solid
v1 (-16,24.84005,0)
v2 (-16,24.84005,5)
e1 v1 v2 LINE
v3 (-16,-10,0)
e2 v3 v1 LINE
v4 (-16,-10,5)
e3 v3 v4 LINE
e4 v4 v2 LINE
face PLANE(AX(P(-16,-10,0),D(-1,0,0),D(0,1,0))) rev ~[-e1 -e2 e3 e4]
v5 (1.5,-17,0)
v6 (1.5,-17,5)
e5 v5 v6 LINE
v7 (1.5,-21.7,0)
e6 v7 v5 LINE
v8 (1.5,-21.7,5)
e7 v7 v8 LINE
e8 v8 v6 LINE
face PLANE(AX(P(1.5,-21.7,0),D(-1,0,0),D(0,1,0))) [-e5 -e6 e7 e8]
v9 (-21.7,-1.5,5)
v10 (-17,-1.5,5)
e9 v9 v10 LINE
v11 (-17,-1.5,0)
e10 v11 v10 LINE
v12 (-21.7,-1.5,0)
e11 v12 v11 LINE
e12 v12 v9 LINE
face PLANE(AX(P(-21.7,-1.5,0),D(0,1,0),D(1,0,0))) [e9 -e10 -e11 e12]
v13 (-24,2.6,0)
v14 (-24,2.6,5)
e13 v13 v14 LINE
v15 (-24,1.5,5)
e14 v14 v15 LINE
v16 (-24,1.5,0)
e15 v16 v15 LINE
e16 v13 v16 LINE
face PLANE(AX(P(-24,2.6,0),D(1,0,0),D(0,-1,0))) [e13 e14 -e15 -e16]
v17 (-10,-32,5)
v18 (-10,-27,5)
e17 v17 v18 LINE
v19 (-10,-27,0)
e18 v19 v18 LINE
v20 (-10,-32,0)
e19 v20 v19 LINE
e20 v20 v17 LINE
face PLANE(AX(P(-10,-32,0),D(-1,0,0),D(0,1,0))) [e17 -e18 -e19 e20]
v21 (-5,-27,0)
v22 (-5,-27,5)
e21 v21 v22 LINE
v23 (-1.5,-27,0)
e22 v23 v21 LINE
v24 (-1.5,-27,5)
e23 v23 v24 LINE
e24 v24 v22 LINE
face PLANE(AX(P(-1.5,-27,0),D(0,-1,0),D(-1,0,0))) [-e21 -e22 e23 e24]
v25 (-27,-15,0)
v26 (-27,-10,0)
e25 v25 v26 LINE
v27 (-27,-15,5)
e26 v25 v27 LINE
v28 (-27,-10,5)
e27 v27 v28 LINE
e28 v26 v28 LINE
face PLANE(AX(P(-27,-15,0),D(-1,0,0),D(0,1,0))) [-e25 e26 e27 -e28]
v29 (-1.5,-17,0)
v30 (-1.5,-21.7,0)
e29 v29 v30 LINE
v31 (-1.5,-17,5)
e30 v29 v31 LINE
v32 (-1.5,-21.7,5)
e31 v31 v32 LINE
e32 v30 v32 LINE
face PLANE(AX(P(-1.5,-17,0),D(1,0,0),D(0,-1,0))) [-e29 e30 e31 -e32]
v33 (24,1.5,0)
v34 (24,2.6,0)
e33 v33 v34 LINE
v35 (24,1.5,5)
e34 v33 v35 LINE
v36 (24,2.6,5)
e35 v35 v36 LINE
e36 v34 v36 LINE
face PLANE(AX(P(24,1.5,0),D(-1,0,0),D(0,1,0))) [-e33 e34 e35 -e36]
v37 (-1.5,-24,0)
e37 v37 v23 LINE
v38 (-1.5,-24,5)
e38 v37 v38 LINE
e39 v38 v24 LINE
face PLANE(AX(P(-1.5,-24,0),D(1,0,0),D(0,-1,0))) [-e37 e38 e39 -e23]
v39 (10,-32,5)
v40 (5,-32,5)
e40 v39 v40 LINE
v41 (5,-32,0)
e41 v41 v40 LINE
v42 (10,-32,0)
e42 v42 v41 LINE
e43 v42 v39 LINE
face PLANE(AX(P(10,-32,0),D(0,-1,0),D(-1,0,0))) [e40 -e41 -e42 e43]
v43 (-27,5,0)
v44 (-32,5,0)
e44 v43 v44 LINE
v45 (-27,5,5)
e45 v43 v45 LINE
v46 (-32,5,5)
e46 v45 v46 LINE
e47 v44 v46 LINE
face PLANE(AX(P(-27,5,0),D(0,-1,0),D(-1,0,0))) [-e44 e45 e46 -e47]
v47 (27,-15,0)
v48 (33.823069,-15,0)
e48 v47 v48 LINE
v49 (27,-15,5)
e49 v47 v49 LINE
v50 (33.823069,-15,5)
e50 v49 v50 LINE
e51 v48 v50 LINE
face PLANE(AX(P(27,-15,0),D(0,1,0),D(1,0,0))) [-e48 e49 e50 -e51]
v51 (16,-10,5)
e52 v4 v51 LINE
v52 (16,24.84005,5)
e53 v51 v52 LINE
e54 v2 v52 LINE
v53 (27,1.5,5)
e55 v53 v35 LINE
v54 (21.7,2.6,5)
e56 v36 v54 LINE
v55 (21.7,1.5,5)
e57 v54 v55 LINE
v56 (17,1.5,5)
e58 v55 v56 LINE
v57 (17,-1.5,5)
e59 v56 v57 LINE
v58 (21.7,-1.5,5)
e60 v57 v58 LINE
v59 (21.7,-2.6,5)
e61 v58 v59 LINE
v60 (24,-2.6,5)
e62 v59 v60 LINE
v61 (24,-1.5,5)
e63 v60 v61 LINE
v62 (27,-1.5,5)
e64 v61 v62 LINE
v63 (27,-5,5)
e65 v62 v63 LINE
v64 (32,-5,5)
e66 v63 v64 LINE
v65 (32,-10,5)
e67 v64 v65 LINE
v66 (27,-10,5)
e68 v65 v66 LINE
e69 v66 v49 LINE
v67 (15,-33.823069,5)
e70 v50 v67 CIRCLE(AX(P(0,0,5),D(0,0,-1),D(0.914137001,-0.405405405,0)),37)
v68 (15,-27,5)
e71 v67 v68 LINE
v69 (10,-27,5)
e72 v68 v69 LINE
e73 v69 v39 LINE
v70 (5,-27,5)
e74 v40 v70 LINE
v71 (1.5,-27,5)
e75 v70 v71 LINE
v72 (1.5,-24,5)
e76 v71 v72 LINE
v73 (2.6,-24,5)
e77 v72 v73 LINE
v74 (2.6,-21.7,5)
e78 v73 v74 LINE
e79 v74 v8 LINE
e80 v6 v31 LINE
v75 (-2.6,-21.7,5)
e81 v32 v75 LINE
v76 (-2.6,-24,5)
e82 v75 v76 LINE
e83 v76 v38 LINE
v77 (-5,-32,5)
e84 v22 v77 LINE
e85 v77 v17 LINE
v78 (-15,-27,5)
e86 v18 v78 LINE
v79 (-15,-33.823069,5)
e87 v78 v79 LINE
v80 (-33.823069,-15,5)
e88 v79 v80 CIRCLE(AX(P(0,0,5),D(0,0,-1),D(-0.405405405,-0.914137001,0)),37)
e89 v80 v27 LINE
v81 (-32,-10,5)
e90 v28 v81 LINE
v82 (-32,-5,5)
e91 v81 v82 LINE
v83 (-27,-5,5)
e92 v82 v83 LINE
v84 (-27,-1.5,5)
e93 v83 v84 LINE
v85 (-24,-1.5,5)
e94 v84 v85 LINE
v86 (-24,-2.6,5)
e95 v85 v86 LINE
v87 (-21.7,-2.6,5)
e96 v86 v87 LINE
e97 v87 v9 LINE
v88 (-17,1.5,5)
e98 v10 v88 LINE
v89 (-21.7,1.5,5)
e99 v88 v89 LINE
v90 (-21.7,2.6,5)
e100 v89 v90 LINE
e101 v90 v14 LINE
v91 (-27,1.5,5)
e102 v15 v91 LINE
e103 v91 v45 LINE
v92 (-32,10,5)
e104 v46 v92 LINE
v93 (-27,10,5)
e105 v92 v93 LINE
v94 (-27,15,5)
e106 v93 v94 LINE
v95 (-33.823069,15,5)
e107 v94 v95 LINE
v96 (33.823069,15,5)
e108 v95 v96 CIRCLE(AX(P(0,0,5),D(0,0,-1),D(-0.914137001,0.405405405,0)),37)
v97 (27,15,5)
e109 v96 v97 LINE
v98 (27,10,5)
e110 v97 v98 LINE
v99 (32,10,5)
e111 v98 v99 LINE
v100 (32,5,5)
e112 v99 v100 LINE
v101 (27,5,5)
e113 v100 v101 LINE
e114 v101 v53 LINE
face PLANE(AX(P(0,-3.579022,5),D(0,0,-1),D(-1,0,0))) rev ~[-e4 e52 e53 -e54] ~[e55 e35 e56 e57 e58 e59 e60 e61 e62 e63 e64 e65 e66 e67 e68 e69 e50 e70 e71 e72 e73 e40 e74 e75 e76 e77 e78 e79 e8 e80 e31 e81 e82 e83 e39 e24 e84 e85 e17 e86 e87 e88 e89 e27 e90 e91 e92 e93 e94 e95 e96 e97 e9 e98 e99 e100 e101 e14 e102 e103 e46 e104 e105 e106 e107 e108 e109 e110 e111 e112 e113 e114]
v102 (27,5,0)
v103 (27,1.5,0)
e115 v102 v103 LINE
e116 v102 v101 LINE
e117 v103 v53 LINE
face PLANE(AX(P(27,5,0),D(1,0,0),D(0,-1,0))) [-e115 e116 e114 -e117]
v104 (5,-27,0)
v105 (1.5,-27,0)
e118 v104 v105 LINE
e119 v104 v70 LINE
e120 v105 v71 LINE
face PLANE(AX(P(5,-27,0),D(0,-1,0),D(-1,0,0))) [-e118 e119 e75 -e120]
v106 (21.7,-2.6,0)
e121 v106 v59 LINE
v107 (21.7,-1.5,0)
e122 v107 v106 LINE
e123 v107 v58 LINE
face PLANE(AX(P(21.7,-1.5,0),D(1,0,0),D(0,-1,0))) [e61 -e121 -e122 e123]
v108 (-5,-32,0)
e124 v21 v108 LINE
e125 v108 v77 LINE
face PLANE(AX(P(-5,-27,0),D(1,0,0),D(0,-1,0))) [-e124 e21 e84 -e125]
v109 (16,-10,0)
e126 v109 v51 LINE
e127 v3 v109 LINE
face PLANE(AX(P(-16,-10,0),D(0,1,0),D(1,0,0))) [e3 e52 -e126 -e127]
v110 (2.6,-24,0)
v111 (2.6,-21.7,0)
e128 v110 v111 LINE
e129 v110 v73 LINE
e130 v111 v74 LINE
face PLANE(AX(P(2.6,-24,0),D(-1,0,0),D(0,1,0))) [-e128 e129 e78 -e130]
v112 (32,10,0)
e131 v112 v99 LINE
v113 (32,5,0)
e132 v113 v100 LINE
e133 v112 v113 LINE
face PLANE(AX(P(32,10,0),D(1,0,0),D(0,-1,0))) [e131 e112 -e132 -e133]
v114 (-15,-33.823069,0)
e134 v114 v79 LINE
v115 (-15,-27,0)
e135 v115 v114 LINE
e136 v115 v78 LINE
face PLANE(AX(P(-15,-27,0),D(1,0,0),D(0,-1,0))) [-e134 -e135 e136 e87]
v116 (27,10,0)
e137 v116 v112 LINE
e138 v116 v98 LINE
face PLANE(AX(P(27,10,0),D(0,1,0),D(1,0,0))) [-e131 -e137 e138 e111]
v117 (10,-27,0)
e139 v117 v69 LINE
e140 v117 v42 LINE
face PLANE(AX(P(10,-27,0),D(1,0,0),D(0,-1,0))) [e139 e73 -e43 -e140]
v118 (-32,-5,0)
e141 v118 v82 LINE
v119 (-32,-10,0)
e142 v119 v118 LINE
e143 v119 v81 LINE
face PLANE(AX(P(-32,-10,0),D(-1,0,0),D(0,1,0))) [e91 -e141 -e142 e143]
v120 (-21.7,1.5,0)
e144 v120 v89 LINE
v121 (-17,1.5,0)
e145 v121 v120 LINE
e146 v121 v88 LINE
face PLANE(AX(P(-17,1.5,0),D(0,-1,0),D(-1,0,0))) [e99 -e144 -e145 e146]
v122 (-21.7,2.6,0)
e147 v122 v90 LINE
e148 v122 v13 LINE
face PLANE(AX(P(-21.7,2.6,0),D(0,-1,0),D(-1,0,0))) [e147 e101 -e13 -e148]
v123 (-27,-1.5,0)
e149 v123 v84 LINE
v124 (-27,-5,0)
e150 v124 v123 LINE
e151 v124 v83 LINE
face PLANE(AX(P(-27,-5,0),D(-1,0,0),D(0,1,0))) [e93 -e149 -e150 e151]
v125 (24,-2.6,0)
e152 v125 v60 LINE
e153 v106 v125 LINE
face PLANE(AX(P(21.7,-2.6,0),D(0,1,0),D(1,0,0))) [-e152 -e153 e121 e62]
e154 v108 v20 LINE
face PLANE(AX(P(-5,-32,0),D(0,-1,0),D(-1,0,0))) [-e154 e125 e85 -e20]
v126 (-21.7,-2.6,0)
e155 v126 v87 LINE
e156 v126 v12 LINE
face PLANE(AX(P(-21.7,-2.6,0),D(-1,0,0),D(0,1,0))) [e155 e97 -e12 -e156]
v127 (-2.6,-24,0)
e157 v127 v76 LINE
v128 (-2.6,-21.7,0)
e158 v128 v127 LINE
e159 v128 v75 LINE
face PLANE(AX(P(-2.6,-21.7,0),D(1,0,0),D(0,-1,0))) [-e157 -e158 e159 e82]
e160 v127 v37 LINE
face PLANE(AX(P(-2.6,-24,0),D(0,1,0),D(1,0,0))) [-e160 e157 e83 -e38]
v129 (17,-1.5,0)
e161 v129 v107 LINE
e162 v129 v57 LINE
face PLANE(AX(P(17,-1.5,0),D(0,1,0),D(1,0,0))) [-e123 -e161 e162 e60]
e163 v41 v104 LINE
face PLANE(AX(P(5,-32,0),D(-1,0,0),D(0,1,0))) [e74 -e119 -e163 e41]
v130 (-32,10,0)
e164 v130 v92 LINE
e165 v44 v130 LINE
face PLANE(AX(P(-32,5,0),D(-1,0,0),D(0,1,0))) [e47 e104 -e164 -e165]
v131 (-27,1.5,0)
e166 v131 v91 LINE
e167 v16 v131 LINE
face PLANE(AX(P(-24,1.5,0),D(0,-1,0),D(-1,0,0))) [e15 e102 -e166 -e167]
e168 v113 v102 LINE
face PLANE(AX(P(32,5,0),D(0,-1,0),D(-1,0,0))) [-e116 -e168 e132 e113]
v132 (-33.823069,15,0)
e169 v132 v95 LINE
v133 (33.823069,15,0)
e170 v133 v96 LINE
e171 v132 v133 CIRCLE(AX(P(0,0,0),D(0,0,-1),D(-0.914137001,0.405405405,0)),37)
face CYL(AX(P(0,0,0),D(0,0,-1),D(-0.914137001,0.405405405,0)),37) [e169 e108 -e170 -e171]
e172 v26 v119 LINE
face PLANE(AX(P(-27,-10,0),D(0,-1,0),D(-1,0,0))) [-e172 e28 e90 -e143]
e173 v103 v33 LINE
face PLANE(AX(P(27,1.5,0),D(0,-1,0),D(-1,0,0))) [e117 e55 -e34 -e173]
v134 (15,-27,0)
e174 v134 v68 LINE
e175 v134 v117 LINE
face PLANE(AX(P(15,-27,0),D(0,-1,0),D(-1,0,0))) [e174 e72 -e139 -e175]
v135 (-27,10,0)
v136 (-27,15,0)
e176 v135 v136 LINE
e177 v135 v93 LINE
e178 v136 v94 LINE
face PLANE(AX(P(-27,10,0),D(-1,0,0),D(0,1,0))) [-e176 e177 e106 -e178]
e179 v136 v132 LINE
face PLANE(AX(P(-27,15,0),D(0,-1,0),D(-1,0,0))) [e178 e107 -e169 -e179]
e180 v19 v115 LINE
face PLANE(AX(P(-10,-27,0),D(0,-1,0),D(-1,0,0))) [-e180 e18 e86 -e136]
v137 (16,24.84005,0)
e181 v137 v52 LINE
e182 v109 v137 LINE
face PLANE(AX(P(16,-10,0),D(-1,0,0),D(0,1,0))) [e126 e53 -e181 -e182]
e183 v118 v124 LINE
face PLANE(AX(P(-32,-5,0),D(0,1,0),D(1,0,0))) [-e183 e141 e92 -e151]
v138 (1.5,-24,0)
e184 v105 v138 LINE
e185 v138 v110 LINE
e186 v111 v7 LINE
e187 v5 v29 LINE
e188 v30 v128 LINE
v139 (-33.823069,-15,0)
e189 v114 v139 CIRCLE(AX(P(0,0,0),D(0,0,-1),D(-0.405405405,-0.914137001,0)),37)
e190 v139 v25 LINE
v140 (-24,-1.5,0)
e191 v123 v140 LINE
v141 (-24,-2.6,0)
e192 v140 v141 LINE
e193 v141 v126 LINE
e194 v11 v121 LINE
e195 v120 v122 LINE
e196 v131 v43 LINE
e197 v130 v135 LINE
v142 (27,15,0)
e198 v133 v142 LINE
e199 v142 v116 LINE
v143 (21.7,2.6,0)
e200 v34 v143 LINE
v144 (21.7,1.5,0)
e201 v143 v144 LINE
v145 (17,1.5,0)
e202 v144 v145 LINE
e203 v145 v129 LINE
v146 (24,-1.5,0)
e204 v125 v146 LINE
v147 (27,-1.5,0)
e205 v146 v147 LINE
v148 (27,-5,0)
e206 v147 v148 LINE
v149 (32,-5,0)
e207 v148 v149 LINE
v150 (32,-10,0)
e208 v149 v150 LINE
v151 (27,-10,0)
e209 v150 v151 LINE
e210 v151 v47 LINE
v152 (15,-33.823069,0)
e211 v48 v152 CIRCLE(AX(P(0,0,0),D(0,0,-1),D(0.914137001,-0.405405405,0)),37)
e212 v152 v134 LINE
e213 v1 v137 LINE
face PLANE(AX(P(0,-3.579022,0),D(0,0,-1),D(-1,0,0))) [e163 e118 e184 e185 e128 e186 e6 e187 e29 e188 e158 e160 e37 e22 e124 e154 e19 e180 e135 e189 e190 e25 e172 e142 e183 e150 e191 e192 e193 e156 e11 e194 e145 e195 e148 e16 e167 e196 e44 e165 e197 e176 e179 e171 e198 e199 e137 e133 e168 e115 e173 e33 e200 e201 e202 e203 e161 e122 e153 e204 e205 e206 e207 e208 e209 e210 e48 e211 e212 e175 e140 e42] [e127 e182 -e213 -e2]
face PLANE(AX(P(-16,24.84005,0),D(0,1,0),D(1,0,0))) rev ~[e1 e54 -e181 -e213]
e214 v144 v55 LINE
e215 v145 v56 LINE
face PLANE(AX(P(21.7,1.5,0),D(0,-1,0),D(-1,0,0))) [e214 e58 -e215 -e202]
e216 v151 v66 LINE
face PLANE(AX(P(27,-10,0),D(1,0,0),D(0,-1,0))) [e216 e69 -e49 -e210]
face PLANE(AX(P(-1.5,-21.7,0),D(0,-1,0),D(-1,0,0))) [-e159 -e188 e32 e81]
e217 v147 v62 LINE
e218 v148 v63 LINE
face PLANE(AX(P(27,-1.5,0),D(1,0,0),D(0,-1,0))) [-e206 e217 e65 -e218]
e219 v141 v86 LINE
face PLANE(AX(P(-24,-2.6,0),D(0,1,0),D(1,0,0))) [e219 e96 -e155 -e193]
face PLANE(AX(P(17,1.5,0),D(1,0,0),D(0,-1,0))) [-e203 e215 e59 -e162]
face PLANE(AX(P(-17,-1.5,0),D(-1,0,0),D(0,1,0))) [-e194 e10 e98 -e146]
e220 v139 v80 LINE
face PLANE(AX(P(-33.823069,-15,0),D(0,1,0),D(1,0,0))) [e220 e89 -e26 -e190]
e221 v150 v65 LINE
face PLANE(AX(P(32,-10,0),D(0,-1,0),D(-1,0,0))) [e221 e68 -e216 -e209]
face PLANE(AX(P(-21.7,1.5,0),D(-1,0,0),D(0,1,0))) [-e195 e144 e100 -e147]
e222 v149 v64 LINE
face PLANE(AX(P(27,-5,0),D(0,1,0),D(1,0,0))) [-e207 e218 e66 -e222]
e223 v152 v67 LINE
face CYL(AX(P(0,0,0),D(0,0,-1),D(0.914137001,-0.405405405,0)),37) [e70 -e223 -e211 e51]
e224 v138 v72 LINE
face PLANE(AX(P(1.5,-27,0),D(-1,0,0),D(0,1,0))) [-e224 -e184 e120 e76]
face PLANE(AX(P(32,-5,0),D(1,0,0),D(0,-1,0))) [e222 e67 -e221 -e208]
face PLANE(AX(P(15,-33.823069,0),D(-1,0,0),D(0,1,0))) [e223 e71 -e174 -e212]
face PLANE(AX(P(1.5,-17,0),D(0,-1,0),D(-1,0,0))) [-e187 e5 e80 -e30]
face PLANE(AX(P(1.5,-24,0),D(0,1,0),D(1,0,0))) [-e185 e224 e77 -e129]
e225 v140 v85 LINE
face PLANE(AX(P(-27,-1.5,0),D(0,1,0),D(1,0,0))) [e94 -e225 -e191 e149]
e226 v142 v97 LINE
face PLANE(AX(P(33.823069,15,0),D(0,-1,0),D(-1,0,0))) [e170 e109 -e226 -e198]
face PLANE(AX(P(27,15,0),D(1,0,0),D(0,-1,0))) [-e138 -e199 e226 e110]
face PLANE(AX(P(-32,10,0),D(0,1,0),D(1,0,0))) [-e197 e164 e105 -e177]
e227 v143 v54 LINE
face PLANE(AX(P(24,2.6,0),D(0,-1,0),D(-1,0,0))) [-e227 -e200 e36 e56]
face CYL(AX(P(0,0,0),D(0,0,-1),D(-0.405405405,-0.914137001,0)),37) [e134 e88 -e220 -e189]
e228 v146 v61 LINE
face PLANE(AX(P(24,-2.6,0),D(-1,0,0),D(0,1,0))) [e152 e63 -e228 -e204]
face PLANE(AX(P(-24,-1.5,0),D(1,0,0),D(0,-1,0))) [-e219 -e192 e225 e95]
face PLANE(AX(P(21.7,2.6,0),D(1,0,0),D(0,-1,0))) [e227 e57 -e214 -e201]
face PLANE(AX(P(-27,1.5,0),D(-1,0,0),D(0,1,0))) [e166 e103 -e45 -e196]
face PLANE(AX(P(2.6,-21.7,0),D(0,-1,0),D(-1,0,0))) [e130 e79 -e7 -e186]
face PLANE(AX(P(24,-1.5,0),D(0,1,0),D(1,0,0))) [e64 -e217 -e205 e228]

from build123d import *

# Parameters (mm, degrees)
SKETCH1_W           = 32
SKETCH1_H           = 34.840049923
BOSS_EXTRUDE1_DEPTH = 5


with BuildPart() as part:
    # Sketch1 → Boss-Extrude1 (new body)
    with BuildSketch(Plane.XY):
        with BuildLine():
            Line((-27, 10), (-27, 15))
            Line((-27, 15), (-33.823069051, 15))
            ThreePointArc((-33.823069051, 15), (0, 37), (33.823069051, 15))
            Line((33.823069051, 15), (27, 15))
            Line((27, 15), (27, 10))
            Line((27, 10), (32, 10))
            Line((32, 10), (32, 5))
            Line((32, 5), (27, 5))
            Line((27, 5), (27, 1.5))
            Line((27, 1.5), (24, 1.5))
            Line((24, 1.5), (24, 2.6))
            Line((24, 2.6), (21.7, 2.6))
            Line((21.7, 2.6), (21.7, 1.5))
            Line((21.7, 1.5), (17, 1.5))
            Line((17, 1.5), (17, -1.5))
            Line((17, -1.5), (21.7, -1.5))
            Line((21.7, -1.5), (21.7, -2.6))
            Line((21.7, -2.6), (24, -2.6))
            Line((24, -2.6), (24, -1.5))
            Line((24, -1.5), (27, -1.5))
            Line((27, -1.5), (27, -5))
            Line((27, -5), (32, -5))
            Line((32, -5), (32, -10))
            Line((32, -10), (27, -10))
            Line((27, -10), (27, -15))
            Line((27, -15), (33.823069051, -15))
            ThreePointArc((33.823069051, -15), (26.162950904, -26.162950904), (15, -33.823069051))
            Line((15, -33.823069051), (15, -27))
            Line((15, -27), (10, -27))
            Line((10, -27), (10, -32))
            Line((10, -32), (5, -32))
            Line((5, -32), (5, -27))
            Line((5, -27), (1.5, -27))
            Line((1.5, -27), (1.5, -24))
            Line((1.5, -24), (2.6, -24))
            Line((2.6, -24), (2.6, -21.7))
            Line((2.6, -21.7), (1.5, -21.7))
            Line((1.5, -21.7), (1.5, -17))
            Line((1.5, -17), (-1.5, -17))
            Line((-1.5, -17), (-1.5, -21.7))
            Line((-1.5, -21.7), (-2.6, -21.7))
            Line((-2.6, -21.7), (-2.6, -24))
            Line((-2.6, -24), (-1.5, -24))
            Line((-1.5, -24), (-1.5, -27))
            Line((-1.5, -27), (-5, -27))
            Line((-5, -27), (-5, -32))
            Line((-5, -32), (-10, -32))
            Line((-10, -32), (-10, -27))
            Line((-10, -27), (-15, -27))
            Line((-15, -27), (-15, -33.823069051))
            ThreePointArc((-15, -33.823069051), (-26.162950904, -26.162950904), (-33.823069051, -15))
            Line((-33.823069051, -15), (-27, -15))
            Line((-27, -15), (-27, -10))
            Line((-27, -10), (-32, -10))
            Line((-32, -10), (-32, -5))
            Line((-32, -5), (-27, -5))
            Line((-27, -5), (-27, -1.5))
            Line((-27, -1.5), (-24, -1.5))
            Line((-24, -1.5), (-24, -2.6))
            Line((-24, -2.6), (-21.7, -2.6))
            Line((-21.7, -2.6), (-21.7, -1.5))
            Line((-21.7, -1.5), (-17, -1.5))
            Line((-17, -1.5), (-17, 1.5))
            Line((-17, 1.5), (-21.7, 1.5))
            Line((-21.7, 1.5), (-21.7, 2.6))
            Line((-21.7, 2.6), (-24, 2.6))
            Line((-24, 2.6), (-24, 1.5))
            Line((-24, 1.5), (-27, 1.5))
            Line((-27, 1.5), (-27, 5))
            Line((-27, 5), (-32, 5))
            Line((-32, 5), (-32, 10))
            Line((-32, 10), (-27, 10))
        make_face()
        with Locations((0, 7.420024962)):
            Rectangle(SKETCH1_W, SKETCH1_H, mode=Mode.SUBTRACT)
    extrude(amount=BOSS_EXTRUDE1_DEPTH)


solid = part.part
